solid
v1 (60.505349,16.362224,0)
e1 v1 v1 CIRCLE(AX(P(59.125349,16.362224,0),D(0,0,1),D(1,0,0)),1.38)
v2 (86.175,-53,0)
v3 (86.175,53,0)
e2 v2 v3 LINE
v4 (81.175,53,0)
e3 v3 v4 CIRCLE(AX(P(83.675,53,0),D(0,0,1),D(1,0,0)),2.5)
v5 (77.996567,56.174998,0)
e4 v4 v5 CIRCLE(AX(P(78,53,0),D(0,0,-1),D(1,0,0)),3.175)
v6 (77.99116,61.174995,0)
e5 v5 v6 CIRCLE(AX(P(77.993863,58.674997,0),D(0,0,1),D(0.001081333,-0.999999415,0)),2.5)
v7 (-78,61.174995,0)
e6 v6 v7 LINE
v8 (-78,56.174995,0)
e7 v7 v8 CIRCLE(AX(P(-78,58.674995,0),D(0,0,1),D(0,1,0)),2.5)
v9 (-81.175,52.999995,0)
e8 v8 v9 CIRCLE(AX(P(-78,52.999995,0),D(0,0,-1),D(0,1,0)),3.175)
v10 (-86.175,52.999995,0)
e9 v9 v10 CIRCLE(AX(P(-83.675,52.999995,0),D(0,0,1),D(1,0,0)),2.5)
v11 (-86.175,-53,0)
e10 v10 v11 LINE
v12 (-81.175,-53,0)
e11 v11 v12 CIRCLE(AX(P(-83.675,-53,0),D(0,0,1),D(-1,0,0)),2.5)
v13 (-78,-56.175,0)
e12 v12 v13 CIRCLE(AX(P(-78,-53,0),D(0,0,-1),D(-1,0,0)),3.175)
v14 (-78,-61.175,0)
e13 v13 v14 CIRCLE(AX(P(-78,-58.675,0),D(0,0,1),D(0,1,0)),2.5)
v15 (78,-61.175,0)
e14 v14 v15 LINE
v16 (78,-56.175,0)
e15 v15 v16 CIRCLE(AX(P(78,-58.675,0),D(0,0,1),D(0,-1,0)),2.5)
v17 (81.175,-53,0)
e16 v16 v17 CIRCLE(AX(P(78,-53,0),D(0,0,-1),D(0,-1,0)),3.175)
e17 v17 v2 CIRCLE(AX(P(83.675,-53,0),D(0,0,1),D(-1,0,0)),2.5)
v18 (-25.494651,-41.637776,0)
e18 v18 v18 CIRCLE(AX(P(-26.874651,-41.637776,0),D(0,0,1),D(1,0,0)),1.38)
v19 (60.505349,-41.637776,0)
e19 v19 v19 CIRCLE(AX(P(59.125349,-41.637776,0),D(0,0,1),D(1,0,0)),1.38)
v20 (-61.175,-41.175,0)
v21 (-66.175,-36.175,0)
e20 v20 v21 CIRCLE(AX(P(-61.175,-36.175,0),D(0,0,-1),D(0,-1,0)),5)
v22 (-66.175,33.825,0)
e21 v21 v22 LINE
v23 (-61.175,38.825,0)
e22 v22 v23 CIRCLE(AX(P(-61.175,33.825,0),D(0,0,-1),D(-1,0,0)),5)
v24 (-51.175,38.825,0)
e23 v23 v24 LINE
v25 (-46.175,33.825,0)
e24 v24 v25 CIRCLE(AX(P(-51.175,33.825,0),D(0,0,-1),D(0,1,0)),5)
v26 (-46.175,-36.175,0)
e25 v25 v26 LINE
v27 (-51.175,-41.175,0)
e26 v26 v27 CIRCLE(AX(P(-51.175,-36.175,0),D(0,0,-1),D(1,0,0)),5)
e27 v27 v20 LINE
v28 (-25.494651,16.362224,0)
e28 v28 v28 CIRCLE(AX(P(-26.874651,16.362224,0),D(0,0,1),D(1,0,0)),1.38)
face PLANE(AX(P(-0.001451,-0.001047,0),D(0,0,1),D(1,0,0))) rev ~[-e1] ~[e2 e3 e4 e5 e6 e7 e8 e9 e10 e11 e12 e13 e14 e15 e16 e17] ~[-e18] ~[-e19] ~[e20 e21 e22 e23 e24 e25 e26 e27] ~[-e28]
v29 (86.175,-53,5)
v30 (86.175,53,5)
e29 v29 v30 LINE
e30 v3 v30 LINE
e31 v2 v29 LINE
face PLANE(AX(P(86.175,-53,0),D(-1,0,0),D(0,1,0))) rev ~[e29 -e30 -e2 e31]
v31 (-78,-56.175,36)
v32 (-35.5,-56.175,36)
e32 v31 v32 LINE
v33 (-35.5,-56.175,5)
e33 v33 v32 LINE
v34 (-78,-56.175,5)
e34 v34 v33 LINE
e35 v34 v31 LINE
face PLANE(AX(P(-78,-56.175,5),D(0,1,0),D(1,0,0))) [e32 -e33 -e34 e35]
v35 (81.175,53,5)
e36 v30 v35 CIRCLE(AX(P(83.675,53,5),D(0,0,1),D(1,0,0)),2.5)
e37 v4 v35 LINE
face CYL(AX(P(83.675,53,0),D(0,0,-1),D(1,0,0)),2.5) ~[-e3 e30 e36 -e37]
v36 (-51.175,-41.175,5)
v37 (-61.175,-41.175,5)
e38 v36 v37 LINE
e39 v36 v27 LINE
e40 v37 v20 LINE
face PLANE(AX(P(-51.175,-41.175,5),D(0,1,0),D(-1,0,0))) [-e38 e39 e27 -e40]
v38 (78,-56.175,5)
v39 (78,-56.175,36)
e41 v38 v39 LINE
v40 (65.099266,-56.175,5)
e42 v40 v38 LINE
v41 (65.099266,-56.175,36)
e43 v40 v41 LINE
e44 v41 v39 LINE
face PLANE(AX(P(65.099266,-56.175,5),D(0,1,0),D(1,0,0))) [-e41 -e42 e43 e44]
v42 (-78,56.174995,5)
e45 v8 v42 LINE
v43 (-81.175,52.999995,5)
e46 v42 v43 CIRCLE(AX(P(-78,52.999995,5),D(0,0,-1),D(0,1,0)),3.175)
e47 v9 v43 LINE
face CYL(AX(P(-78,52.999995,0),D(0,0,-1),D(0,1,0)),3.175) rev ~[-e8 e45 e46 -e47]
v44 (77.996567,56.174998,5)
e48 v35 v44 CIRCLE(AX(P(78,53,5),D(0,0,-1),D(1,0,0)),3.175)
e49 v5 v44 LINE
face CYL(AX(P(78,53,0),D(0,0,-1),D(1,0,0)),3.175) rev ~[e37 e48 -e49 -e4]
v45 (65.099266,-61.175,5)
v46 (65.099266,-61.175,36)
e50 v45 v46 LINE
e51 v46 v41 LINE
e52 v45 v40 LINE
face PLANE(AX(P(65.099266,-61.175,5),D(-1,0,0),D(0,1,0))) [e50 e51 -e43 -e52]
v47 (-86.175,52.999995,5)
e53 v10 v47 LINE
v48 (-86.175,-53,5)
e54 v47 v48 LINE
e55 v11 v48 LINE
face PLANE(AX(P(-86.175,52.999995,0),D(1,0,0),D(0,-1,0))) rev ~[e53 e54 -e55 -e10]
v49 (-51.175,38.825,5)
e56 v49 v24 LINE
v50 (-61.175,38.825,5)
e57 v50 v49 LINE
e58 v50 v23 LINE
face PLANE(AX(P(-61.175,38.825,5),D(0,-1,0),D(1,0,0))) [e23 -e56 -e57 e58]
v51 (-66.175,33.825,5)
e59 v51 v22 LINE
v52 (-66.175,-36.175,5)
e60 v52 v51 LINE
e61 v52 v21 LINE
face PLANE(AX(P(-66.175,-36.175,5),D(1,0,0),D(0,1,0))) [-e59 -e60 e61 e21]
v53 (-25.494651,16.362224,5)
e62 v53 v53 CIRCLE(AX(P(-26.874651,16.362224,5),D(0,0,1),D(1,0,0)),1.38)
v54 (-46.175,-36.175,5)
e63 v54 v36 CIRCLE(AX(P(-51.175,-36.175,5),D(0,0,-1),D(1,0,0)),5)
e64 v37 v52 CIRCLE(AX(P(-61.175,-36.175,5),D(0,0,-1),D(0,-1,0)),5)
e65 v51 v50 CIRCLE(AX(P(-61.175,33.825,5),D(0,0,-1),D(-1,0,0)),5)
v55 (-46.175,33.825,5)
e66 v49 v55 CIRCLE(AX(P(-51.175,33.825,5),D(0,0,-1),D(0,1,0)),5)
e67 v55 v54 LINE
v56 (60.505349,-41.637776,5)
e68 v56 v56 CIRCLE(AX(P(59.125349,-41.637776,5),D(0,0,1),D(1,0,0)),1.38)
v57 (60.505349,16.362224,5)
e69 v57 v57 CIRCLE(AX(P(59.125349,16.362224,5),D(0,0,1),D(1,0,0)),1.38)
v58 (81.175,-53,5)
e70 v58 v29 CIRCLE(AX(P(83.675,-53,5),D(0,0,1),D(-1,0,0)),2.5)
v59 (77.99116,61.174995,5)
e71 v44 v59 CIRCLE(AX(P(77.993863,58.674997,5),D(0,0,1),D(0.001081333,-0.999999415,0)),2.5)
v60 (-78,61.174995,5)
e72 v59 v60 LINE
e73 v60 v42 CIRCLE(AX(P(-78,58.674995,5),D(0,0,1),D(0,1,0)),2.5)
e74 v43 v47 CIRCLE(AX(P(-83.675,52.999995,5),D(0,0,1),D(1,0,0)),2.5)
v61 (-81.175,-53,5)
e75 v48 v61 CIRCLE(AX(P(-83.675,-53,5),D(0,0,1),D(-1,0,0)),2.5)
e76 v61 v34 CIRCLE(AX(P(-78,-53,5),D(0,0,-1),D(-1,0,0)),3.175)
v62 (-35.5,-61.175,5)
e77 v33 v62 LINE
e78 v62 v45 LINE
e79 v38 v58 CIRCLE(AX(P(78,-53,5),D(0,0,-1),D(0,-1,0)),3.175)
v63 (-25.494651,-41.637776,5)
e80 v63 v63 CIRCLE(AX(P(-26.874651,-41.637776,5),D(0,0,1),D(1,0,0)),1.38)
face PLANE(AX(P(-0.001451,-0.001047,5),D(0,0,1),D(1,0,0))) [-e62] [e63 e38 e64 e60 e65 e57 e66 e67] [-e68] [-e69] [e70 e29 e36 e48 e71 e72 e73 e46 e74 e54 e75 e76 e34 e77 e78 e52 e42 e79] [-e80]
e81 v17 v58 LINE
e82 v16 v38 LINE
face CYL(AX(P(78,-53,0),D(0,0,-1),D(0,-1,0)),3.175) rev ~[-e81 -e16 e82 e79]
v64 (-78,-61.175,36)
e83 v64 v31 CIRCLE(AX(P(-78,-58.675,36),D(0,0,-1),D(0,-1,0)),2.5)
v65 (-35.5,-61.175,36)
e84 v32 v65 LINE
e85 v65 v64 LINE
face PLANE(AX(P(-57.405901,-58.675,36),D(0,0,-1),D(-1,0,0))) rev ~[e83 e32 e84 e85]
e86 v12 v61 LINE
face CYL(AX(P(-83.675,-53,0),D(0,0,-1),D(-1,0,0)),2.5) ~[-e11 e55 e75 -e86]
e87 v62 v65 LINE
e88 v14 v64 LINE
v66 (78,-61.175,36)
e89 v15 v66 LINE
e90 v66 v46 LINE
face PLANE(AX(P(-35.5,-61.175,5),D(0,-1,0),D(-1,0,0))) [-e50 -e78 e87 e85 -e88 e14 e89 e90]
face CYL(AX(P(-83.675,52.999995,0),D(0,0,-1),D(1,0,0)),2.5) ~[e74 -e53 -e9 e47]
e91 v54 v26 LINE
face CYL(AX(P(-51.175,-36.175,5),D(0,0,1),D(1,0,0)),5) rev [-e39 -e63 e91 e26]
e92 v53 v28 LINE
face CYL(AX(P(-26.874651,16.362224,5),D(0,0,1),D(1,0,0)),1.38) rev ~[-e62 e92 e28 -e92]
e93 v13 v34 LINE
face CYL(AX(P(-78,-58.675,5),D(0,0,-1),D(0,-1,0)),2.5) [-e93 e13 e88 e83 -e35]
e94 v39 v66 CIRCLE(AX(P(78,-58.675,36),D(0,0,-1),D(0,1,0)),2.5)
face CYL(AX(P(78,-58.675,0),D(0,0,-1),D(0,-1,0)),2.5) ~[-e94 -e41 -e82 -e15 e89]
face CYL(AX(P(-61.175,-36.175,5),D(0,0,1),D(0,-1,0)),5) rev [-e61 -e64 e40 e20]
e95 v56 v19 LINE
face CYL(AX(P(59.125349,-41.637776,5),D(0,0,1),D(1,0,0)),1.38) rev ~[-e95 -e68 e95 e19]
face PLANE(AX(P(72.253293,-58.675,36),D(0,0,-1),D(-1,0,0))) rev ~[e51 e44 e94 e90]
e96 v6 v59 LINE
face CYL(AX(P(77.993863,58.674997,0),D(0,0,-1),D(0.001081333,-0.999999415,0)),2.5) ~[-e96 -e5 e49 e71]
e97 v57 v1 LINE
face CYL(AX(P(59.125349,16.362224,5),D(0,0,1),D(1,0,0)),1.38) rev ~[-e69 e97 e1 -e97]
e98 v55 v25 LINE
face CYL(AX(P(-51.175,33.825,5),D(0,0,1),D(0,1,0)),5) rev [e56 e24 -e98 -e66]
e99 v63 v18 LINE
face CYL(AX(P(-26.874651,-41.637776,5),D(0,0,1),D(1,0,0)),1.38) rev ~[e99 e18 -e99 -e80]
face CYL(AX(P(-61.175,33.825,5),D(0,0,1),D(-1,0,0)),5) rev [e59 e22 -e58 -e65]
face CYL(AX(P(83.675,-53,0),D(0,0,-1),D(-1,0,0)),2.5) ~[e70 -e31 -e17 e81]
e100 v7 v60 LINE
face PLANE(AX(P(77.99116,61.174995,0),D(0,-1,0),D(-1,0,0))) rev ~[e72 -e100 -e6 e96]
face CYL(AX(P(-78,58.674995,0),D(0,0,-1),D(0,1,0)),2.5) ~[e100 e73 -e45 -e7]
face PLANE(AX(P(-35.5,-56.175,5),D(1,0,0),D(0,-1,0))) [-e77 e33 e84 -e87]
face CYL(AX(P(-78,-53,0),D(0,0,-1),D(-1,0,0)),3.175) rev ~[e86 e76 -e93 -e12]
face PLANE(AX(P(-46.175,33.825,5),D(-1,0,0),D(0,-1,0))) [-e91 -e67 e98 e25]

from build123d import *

# Parameters (mm, degrees)
RESSALTO_EXTRUS_O1_DEPTH = 5
RESSALTO_EXTRUS_O2_DEPTH = 31
ESBO_O3_R                = 1.38
CORTE_EXTRUS_O1_DEPTH    = 5
CORTE_EXTRUS_O2_DEPTH    = 5


with BuildPart() as part:
    # Esboço1 → Ressalto-extrusão1 (new body)
    with BuildSketch(Plane.XY):
        with BuildLine():
            Line((-78, -61.175), (78, -61.175))
            ThreePointArc((78, -61.175), (80.5, -58.675), (78, -56.175))
            ThreePointArc((78, -56.175), (75.75493597, -50.75493597), (81.175, -53))
            ThreePointArc((81.175, -53), (83.675, -55.5), (86.175, -53))
            Line((86.175, -53), (86.175, 53))
            ThreePointArc((86.175, 53), (83.675, 55.5), (81.175, 53))
            ThreePointArc((81.175, 53), (75.756150129, 50.753722467), (77.996566768, 56.174998144))
            ThreePointArc((77.996566768, 56.174998144), (80.493861975, 58.677700014), (77.991160104, 61.174995221))
            Line((77.991160104, 61.174995221), (-78, 61.174995221))
            ThreePointArc((-78, 61.174995221), (-80.5, 58.674995221), (-78, 56.174995221))
            ThreePointArc((-78, 56.174995221), (-75.75493597, 50.75493119), (-81.175, 52.999995221))
            ThreePointArc((-81.175, 52.999995221), (-83.675, 55.499995221), (-86.175, 52.999995221))
            Line((-86.175, 52.999995221), (-86.175, -53))
            ThreePointArc((-86.175, -53), (-83.675, -55.5), (-81.175, -53))
            ThreePointArc((-81.175, -53), (-75.75493597, -50.75493597), (-78, -56.175))
            ThreePointArc((-78, -56.175), (-80.5, -58.675), (-78, -61.175))
        make_face()
    extrude(amount=RESSALTO_EXTRUS_O1_DEPTH)

    # Esboço2 → Ressalto-extrusão2 (add)
    with BuildSketch(Plane.XY.offset(5)):
        with BuildLine():
            Line((-78, -56.175), (-35.5, -56.175))
            Line((-35.5, -56.175), (-35.5, -60.212223694))
            Line((-35.5, -60.212223694), (-35.5, -61.175))
            Line((-35.5, -61.175), (-78, -61.175))
            ThreePointArc((-78, -61.175), (-80.5, -58.675), (-78, -56.175))
        make_face()
        with BuildLine():
            Line((78, -61.175), (65.099265532, -61.175))
            Line((65.099265532, -61.175), (65.099265532, -56.175))
            Line((65.099265532, -56.175), (78, -56.175))
            ThreePointArc((78, -56.175), (80.5, -58.675), (78, -61.175))
        make_face()
    extrude(amount=RESSALTO_EXTRUS_O2_DEPTH)

    # Esboço3 → Corte-extrusão1 (cut)
    with BuildSketch(Plane.XY.offset(5)):
        with Locations((59.125349465, -41.637776306)):
            Circle(ESBO_O3_R)
        with Locations((59.125349465, 16.362223694)):
            Circle(ESBO_O3_R)
        with Locations((-26.874650535, -41.637776306)):
            Circle(ESBO_O3_R)
        with Locations((-26.874650535, 16.362223694)):
            Circle(ESBO_O3_R)
    extrude(amount=-CORTE_EXTRUS_O1_DEPTH, mode=Mode.SUBTRACT)

    # Esboço4 → Corte-extrusão2 (cut)
    with BuildSketch(Plane.XY.offset(5)):
        with BuildLine():
            Line((-61.175, 38.825), (-51.175, 38.825))
            ThreePointArc((-51.175, 38.825), (-47.639466094, 37.360533906), (-46.175, 33.825))
            Line((-46.175, 33.825), (-46.175, -36.175))
            ThreePointArc((-46.175, -36.175), (-47.639466094, -39.710533906), (-51.175, -41.175))
            Line((-51.175, -41.175), (-61.175, -41.175))
            ThreePointArc((-61.175, -41.175), (-64.710533906, -39.710533906), (-66.175, -36.175))
            Line((-66.175, -36.175), (-66.175, 33.825))
            ThreePointArc((-66.175, 33.825), (-64.710533906, 37.360533906), (-61.175, 38.825))
        make_face()
    extrude(amount=-CORTE_EXTRUS_O2_DEPTH, mode=Mode.SUBTRACT)


solid = part.part
